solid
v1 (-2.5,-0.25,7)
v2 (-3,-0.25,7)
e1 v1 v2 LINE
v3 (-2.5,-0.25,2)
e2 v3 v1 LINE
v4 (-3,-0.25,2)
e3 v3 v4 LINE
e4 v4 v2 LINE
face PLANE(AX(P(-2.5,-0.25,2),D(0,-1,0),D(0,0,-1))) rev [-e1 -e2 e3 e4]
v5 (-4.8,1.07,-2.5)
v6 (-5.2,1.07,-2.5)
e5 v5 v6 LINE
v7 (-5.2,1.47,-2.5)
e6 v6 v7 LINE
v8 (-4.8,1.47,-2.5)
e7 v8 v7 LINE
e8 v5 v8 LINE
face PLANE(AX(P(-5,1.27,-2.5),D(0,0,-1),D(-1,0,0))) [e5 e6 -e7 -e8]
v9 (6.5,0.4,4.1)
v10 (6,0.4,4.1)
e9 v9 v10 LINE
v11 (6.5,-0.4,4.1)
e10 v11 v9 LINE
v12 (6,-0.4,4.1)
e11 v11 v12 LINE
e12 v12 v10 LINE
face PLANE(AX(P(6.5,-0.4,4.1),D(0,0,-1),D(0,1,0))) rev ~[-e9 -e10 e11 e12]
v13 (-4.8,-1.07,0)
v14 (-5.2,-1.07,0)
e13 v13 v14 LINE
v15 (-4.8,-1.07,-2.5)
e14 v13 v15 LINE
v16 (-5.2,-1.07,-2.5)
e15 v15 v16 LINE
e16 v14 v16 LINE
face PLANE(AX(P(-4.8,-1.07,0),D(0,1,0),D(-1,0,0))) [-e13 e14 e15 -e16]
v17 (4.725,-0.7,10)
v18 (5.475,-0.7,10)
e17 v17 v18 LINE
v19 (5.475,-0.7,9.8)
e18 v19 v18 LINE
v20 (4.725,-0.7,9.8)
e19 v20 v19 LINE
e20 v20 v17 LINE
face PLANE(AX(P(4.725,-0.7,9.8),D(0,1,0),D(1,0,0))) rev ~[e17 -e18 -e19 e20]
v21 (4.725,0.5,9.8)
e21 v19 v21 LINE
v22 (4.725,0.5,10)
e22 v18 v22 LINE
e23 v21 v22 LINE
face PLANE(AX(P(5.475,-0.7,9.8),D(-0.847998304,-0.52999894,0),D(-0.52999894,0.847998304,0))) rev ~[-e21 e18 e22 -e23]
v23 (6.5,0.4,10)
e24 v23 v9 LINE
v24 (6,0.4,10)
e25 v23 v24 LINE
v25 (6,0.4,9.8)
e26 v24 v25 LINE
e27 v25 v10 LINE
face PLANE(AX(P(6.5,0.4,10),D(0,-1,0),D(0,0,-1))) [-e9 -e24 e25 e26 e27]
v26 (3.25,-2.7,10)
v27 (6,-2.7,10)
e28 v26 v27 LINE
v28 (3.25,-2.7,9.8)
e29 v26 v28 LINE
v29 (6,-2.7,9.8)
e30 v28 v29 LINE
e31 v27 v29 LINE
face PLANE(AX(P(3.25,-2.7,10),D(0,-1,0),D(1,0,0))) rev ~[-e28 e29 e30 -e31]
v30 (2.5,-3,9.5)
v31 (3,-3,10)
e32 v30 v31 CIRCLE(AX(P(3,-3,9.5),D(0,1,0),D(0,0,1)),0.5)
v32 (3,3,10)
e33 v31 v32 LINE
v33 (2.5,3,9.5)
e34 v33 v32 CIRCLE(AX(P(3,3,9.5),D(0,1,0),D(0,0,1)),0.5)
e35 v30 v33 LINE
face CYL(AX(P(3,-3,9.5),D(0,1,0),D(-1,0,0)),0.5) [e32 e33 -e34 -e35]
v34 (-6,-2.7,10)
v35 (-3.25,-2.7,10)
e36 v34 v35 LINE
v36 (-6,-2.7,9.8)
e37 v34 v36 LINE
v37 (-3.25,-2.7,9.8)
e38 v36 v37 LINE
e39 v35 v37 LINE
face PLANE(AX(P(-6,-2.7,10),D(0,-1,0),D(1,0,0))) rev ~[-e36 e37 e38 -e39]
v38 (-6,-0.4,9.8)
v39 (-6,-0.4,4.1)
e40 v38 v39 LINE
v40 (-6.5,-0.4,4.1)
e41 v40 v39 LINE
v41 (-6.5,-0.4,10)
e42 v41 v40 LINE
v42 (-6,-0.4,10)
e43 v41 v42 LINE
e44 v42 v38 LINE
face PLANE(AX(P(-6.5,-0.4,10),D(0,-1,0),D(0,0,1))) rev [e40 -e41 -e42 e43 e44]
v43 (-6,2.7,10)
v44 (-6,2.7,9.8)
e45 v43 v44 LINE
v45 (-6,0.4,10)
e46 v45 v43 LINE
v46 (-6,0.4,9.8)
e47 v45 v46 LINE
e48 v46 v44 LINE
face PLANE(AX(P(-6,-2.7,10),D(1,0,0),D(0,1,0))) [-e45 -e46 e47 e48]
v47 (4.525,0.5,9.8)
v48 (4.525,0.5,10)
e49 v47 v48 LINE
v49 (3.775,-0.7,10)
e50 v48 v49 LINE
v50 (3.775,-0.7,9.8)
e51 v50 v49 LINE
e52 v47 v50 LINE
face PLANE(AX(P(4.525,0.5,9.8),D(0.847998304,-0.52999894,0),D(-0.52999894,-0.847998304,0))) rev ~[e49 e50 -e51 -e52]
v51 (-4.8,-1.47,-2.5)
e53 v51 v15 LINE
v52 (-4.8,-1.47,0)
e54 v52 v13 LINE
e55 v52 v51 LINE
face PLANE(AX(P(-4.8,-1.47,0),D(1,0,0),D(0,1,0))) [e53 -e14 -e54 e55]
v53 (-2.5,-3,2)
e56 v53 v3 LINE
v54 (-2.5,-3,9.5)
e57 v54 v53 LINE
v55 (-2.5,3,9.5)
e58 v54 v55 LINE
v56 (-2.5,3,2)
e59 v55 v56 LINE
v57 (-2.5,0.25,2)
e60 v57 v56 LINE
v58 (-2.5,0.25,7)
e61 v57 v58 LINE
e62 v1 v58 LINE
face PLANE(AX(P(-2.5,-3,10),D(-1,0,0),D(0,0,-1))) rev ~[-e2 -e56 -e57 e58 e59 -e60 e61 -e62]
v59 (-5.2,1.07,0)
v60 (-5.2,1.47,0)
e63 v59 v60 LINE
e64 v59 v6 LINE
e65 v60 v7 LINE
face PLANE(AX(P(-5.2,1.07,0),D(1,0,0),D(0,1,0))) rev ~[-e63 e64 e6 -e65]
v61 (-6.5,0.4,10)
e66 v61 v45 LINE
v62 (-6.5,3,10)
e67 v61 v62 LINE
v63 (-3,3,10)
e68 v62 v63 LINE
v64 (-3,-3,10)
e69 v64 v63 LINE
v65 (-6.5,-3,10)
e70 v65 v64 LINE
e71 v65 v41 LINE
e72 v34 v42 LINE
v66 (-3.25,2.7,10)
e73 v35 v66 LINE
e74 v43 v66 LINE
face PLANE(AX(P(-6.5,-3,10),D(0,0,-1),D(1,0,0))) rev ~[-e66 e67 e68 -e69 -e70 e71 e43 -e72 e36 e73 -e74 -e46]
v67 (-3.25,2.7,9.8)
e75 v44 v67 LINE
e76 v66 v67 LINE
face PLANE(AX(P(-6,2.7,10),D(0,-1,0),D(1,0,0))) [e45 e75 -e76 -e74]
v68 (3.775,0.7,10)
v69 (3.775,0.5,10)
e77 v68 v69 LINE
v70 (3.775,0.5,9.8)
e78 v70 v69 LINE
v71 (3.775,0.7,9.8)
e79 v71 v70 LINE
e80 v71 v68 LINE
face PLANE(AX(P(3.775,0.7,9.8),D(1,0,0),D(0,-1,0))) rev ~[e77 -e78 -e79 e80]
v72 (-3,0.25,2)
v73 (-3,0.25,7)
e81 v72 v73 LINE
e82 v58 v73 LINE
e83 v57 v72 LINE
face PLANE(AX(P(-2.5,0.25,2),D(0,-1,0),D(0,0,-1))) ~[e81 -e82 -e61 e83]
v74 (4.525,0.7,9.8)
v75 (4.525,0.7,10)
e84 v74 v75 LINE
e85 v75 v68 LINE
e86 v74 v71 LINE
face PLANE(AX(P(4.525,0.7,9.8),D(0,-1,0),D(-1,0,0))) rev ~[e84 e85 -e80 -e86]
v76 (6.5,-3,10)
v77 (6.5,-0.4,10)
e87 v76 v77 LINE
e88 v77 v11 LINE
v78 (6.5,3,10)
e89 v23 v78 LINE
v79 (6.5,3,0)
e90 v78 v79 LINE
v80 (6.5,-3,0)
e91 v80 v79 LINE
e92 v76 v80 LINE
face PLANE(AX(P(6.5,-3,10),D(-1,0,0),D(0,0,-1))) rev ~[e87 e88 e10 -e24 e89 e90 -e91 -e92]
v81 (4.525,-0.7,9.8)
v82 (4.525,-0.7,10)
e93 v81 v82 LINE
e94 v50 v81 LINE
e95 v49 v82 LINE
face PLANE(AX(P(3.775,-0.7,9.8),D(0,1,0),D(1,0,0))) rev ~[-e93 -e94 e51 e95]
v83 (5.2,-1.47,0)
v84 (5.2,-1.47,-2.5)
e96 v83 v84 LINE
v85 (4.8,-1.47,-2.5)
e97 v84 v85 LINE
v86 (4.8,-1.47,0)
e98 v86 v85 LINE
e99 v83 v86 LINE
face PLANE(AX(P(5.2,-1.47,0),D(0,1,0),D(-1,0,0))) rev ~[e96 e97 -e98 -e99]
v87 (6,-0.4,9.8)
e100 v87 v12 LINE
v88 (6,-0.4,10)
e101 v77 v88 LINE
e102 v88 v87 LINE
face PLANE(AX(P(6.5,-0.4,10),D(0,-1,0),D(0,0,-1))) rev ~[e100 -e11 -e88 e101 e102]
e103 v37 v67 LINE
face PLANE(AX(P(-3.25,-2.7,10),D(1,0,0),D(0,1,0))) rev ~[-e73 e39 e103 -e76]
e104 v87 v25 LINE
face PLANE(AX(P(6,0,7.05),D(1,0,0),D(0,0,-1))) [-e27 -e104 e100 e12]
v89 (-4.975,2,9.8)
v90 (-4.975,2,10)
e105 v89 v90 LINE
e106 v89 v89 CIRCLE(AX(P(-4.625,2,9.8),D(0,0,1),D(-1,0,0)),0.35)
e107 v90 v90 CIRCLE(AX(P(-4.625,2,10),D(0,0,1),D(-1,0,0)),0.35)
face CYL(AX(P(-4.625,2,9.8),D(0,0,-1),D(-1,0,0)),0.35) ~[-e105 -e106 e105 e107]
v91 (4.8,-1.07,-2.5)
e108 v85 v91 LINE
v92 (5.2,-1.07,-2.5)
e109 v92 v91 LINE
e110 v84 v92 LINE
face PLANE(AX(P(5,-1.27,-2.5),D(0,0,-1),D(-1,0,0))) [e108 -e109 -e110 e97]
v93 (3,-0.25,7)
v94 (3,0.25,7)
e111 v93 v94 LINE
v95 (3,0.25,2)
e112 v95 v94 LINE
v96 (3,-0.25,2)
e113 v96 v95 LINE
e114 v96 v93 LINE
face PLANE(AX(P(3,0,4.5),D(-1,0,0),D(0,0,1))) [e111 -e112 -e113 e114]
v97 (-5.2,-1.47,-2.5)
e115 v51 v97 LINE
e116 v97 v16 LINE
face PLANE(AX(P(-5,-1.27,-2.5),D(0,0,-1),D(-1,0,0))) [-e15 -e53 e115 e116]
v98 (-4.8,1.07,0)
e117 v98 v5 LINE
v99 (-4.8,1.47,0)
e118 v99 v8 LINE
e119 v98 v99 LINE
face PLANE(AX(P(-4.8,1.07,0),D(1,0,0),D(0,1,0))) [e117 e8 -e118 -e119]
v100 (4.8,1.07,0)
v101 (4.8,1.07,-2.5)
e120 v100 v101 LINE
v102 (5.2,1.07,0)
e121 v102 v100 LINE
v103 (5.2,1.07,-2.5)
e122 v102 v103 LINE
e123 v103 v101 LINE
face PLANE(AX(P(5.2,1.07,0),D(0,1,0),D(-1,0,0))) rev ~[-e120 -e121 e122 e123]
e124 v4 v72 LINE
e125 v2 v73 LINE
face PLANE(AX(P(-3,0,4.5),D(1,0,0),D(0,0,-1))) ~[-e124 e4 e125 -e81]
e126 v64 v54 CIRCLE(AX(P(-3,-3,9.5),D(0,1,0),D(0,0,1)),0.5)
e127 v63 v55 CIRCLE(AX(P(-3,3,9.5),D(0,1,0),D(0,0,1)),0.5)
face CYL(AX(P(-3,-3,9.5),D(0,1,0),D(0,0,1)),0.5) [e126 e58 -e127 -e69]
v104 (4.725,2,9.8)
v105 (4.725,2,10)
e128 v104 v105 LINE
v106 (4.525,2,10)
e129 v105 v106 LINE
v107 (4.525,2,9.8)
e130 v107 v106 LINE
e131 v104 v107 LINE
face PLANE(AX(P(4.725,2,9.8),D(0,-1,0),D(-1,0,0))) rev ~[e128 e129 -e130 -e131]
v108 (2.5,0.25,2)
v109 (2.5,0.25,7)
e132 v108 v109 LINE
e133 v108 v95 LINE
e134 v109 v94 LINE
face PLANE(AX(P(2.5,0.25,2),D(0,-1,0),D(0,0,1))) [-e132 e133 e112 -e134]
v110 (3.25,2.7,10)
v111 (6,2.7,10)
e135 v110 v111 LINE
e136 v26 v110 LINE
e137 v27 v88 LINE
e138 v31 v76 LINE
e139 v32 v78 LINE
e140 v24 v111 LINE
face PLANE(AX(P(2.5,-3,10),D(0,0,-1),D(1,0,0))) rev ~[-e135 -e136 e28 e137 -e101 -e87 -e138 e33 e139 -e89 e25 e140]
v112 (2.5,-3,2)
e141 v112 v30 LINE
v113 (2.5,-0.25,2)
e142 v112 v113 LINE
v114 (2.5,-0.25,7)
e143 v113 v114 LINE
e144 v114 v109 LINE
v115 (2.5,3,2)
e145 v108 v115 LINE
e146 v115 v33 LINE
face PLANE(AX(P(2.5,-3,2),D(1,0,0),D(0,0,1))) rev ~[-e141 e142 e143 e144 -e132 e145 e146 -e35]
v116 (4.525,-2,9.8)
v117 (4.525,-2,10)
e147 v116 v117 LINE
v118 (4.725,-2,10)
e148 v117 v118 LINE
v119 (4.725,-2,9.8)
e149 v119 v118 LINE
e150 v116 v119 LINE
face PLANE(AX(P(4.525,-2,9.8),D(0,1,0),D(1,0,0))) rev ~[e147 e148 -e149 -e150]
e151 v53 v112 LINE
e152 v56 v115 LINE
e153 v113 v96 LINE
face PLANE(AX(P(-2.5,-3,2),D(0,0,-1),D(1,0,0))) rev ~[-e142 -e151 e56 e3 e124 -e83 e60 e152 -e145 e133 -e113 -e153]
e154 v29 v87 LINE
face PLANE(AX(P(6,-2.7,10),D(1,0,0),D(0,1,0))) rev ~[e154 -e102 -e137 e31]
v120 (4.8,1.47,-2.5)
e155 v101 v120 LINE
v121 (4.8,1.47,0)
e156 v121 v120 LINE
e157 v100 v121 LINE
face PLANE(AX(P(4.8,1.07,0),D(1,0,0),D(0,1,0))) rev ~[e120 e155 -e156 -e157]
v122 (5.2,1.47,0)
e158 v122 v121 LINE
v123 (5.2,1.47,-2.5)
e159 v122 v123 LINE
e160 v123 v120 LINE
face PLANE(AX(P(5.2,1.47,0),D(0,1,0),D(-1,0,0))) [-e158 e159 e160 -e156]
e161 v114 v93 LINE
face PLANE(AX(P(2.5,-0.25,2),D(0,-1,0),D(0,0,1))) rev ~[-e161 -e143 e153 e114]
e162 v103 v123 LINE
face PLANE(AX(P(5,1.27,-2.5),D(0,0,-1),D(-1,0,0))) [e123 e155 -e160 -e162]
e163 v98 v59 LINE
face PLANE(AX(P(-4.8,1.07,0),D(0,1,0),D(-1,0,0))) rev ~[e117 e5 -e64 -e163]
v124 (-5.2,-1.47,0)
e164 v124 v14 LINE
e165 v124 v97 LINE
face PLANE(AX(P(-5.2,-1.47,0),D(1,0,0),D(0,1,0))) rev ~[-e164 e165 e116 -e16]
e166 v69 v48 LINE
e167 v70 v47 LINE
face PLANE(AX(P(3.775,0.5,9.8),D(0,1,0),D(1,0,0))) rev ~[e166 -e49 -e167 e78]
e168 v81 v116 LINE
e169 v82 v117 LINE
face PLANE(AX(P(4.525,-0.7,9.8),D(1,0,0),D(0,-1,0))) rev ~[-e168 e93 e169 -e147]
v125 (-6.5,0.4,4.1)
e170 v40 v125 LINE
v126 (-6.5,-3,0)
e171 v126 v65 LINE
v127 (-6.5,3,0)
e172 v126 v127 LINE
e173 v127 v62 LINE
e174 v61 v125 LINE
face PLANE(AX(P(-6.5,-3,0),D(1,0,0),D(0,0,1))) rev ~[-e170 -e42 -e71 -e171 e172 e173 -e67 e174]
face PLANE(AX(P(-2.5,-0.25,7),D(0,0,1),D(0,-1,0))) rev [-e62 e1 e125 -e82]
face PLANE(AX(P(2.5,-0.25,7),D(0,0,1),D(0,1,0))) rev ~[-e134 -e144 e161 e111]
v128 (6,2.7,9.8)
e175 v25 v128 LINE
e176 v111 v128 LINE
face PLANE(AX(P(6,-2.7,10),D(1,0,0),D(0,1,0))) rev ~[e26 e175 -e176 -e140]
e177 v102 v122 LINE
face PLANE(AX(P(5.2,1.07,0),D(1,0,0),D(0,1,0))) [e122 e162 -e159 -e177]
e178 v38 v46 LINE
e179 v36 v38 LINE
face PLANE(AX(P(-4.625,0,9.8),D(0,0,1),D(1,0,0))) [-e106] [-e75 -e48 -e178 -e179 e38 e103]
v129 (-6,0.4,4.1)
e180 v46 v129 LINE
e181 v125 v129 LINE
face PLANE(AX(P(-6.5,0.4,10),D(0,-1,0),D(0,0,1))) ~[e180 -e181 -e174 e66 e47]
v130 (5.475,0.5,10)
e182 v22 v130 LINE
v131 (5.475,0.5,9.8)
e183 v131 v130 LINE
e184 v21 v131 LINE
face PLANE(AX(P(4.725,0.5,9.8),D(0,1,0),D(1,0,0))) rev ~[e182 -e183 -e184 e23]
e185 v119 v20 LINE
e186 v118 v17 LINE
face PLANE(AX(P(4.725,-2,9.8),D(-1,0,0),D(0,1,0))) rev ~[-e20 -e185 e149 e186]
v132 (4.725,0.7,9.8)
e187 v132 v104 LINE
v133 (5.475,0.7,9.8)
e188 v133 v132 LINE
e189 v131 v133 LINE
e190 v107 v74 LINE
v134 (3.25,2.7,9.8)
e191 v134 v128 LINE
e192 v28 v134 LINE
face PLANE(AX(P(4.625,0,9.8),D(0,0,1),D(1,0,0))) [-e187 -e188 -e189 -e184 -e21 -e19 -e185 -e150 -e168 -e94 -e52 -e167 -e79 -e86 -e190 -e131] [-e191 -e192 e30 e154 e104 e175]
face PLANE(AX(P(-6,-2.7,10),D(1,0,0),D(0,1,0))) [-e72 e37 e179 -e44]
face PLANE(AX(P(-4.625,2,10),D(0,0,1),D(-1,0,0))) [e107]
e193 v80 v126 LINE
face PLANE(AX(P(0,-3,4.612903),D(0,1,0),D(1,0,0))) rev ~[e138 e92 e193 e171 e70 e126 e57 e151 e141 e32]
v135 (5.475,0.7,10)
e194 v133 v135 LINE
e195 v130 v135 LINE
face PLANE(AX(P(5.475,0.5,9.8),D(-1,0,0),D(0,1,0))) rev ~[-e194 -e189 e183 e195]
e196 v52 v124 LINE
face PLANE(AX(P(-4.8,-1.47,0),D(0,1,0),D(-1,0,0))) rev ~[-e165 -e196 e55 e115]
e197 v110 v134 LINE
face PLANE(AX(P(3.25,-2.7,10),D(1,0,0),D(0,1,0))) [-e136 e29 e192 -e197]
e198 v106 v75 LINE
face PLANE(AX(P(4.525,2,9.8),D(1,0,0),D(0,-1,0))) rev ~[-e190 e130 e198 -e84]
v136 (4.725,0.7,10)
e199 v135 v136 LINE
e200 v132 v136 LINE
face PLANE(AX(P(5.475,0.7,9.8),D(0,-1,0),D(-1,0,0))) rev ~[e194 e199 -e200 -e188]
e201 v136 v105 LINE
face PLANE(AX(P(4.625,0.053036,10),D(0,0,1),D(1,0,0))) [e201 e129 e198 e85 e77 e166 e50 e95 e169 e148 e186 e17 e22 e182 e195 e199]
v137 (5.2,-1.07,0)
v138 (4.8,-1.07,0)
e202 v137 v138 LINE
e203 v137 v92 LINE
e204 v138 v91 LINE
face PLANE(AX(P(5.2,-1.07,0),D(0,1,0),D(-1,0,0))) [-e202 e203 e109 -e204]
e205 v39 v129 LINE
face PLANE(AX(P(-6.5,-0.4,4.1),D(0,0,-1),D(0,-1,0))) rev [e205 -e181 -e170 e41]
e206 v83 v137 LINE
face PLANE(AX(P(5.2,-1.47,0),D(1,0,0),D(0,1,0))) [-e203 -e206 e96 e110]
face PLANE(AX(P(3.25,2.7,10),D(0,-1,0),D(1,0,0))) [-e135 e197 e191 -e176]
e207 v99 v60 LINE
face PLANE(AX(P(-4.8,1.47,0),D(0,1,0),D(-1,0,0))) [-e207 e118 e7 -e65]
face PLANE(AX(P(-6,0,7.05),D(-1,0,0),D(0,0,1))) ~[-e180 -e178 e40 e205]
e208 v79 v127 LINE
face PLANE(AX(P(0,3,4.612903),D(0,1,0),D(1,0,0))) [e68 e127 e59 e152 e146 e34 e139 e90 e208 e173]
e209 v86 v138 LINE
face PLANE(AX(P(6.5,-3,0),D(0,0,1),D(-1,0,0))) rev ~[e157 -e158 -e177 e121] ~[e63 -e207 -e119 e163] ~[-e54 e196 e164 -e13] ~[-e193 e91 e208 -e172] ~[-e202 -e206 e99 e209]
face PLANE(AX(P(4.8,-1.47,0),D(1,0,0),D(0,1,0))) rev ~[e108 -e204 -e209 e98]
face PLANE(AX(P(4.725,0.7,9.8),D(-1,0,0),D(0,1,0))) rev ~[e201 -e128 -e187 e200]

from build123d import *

# Parameters (mm, degrees)
EXTRUDE_1_DEPTH      = 3
EXTRUDE_1_DEPTH_BACK = 3
FILLET_1_R           = 0.5
SKETCH_3_W           = 5.9
SKETCH_3_H           = 0.8
CUT_EXTRUDE_1_DEPTH  = 0.5
SKETCH_4_W           = 5
SKETCH_4_H           = 0.5
CUT_EXTRUDE_2_DEPTH  = 0.5
SKETCH_5_W           = 2.75
SKETCH_5_H           = 5.4
CUT_EXTRUDE_3_DEPTH  = 0.2
SKETCH_6_R           = 0.35
EXTRUDE_3_DEPTH      = 0.2
SKETCH_2_W           = 0.4
SKETCH_2_H           = 0.4
EXTRUDE_2_DEPTH      = 2.5


with BuildPart() as part:
    # Эскиз1 → Бобышка-Вытянуть1 (new, two sides: drawn at the far end of the back side and taken through both)
    with BuildSketch(Plane(origin=(0, 0, 0), x_dir=(1, 0, 0), z_dir=(0, 1, 0)).offset(-EXTRUDE_1_DEPTH_BACK)):
        Polygon((6.5, 0), (-6.5, 0), (-6.5, -10), (-2.5, -10), (-2.5, -2), (2.5, -2), (2.5, -10), (6.5, -10), align=None)
    extrude(amount=EXTRUDE_1_DEPTH + EXTRUDE_1_DEPTH_BACK)

    # Скругление1
    fillet_1_edges = [part.edges().sort_by_distance(p)[0] for p in [
        (2.5, 0, 10),
        (-2.5, 0, 10),
    ]]
    fillet(fillet_1_edges, radius=FILLET_1_R)

    # Эскиз3 → Вырез-Вытянуть1 (cut)
    with BuildSketch(Plane(origin=(6.5, 0, 0), x_dir=(0, 0, -1), z_dir=(1, 0, 0))):
        with Locations((-7.05, 0)):
            Rectangle(SKETCH_3_W, SKETCH_3_H)
    cut_extrude_1 = extrude(amount=-CUT_EXTRUDE_1_DEPTH, mode=Mode.SUBTRACT)

    # Эскиз4 → Вырез-Вытянуть2 (cut)
    with BuildSketch(Plane.ZY.offset(-2.5)):
        with Locations((4.5, 0)):
            Rectangle(SKETCH_4_W, SKETCH_4_H)
    cut_extrude_2 = extrude(amount=-CUT_EXTRUDE_2_DEPTH, mode=Mode.SUBTRACT)

    # Зеркальное отражение1: Вырез-Вытянуть1, Вырез-Вытянуть2 across plane
    add(cut_extrude_1.mirror(Plane(origin=(0, 0, 0), x_dir=(0, 0, 1), z_dir=(1, 0, 0))), mode=Mode.SUBTRACT)
    add(cut_extrude_2.mirror(Plane(origin=(0, 0, 0), x_dir=(0, 0, 1), z_dir=(1, 0, 0))), mode=Mode.SUBTRACT)

    # Эскиз5 → Вырез-Вытянуть3 (cut)
    with BuildSketch(Plane.XY.offset(10)):
        with Locations((-4.625, 0)):
            Rectangle(SKETCH_5_W, SKETCH_5_H)
        with Locations((4.625, 0)):
            Rectangle(SKETCH_5_W, SKETCH_5_H)
    extrude(amount=-CUT_EXTRUDE_3_DEPTH, mode=Mode.SUBTRACT)

    # Эскиз6 → Бобышка-Вытянуть3 (add)
    with BuildSketch(Plane.XY.offset(9.8)):
        with Locations(Location((-4.625, 2, 0), (0, 0, 180))):
            Circle(SKETCH_6_R)
        Polygon((4.725, -2), (4.725, -0.7), (5.475, -0.7), (4.725, 0.5), (5.475, 0.5), (5.475, 0.7), (4.725, 0.7), (4.725, 2), (4.525, 2), (4.525, 0.7), (3.775, 0.7), (3.775, 0.5), (4.525, 0.5), (3.775, -0.7), (4.525, -0.7), (4.525, -2), align=None)
    extrude(amount=EXTRUDE_3_DEPTH)

    # Эскиз2 → Бобышка-Вытянуть2 (add)
    with BuildSketch(Plane(origin=(0, 0, 0), x_dir=(-1, 0, 0), z_dir=(0, 0, -1))):
        with Locations((5, 1.27)):
            Rectangle(SKETCH_2_W, SKETCH_2_H)
        with Locations((-5, 1.27)):
            Rectangle(SKETCH_2_W, SKETCH_2_H)
        with Locations((5, -1.27)):
            Rectangle(SKETCH_2_W, SKETCH_2_H)
        with Locations((-5, -1.27)):
            Rectangle(SKETCH_2_W, SKETCH_2_H)
    extrude(amount=EXTRUDE_2_DEPTH)


solid = part.part
